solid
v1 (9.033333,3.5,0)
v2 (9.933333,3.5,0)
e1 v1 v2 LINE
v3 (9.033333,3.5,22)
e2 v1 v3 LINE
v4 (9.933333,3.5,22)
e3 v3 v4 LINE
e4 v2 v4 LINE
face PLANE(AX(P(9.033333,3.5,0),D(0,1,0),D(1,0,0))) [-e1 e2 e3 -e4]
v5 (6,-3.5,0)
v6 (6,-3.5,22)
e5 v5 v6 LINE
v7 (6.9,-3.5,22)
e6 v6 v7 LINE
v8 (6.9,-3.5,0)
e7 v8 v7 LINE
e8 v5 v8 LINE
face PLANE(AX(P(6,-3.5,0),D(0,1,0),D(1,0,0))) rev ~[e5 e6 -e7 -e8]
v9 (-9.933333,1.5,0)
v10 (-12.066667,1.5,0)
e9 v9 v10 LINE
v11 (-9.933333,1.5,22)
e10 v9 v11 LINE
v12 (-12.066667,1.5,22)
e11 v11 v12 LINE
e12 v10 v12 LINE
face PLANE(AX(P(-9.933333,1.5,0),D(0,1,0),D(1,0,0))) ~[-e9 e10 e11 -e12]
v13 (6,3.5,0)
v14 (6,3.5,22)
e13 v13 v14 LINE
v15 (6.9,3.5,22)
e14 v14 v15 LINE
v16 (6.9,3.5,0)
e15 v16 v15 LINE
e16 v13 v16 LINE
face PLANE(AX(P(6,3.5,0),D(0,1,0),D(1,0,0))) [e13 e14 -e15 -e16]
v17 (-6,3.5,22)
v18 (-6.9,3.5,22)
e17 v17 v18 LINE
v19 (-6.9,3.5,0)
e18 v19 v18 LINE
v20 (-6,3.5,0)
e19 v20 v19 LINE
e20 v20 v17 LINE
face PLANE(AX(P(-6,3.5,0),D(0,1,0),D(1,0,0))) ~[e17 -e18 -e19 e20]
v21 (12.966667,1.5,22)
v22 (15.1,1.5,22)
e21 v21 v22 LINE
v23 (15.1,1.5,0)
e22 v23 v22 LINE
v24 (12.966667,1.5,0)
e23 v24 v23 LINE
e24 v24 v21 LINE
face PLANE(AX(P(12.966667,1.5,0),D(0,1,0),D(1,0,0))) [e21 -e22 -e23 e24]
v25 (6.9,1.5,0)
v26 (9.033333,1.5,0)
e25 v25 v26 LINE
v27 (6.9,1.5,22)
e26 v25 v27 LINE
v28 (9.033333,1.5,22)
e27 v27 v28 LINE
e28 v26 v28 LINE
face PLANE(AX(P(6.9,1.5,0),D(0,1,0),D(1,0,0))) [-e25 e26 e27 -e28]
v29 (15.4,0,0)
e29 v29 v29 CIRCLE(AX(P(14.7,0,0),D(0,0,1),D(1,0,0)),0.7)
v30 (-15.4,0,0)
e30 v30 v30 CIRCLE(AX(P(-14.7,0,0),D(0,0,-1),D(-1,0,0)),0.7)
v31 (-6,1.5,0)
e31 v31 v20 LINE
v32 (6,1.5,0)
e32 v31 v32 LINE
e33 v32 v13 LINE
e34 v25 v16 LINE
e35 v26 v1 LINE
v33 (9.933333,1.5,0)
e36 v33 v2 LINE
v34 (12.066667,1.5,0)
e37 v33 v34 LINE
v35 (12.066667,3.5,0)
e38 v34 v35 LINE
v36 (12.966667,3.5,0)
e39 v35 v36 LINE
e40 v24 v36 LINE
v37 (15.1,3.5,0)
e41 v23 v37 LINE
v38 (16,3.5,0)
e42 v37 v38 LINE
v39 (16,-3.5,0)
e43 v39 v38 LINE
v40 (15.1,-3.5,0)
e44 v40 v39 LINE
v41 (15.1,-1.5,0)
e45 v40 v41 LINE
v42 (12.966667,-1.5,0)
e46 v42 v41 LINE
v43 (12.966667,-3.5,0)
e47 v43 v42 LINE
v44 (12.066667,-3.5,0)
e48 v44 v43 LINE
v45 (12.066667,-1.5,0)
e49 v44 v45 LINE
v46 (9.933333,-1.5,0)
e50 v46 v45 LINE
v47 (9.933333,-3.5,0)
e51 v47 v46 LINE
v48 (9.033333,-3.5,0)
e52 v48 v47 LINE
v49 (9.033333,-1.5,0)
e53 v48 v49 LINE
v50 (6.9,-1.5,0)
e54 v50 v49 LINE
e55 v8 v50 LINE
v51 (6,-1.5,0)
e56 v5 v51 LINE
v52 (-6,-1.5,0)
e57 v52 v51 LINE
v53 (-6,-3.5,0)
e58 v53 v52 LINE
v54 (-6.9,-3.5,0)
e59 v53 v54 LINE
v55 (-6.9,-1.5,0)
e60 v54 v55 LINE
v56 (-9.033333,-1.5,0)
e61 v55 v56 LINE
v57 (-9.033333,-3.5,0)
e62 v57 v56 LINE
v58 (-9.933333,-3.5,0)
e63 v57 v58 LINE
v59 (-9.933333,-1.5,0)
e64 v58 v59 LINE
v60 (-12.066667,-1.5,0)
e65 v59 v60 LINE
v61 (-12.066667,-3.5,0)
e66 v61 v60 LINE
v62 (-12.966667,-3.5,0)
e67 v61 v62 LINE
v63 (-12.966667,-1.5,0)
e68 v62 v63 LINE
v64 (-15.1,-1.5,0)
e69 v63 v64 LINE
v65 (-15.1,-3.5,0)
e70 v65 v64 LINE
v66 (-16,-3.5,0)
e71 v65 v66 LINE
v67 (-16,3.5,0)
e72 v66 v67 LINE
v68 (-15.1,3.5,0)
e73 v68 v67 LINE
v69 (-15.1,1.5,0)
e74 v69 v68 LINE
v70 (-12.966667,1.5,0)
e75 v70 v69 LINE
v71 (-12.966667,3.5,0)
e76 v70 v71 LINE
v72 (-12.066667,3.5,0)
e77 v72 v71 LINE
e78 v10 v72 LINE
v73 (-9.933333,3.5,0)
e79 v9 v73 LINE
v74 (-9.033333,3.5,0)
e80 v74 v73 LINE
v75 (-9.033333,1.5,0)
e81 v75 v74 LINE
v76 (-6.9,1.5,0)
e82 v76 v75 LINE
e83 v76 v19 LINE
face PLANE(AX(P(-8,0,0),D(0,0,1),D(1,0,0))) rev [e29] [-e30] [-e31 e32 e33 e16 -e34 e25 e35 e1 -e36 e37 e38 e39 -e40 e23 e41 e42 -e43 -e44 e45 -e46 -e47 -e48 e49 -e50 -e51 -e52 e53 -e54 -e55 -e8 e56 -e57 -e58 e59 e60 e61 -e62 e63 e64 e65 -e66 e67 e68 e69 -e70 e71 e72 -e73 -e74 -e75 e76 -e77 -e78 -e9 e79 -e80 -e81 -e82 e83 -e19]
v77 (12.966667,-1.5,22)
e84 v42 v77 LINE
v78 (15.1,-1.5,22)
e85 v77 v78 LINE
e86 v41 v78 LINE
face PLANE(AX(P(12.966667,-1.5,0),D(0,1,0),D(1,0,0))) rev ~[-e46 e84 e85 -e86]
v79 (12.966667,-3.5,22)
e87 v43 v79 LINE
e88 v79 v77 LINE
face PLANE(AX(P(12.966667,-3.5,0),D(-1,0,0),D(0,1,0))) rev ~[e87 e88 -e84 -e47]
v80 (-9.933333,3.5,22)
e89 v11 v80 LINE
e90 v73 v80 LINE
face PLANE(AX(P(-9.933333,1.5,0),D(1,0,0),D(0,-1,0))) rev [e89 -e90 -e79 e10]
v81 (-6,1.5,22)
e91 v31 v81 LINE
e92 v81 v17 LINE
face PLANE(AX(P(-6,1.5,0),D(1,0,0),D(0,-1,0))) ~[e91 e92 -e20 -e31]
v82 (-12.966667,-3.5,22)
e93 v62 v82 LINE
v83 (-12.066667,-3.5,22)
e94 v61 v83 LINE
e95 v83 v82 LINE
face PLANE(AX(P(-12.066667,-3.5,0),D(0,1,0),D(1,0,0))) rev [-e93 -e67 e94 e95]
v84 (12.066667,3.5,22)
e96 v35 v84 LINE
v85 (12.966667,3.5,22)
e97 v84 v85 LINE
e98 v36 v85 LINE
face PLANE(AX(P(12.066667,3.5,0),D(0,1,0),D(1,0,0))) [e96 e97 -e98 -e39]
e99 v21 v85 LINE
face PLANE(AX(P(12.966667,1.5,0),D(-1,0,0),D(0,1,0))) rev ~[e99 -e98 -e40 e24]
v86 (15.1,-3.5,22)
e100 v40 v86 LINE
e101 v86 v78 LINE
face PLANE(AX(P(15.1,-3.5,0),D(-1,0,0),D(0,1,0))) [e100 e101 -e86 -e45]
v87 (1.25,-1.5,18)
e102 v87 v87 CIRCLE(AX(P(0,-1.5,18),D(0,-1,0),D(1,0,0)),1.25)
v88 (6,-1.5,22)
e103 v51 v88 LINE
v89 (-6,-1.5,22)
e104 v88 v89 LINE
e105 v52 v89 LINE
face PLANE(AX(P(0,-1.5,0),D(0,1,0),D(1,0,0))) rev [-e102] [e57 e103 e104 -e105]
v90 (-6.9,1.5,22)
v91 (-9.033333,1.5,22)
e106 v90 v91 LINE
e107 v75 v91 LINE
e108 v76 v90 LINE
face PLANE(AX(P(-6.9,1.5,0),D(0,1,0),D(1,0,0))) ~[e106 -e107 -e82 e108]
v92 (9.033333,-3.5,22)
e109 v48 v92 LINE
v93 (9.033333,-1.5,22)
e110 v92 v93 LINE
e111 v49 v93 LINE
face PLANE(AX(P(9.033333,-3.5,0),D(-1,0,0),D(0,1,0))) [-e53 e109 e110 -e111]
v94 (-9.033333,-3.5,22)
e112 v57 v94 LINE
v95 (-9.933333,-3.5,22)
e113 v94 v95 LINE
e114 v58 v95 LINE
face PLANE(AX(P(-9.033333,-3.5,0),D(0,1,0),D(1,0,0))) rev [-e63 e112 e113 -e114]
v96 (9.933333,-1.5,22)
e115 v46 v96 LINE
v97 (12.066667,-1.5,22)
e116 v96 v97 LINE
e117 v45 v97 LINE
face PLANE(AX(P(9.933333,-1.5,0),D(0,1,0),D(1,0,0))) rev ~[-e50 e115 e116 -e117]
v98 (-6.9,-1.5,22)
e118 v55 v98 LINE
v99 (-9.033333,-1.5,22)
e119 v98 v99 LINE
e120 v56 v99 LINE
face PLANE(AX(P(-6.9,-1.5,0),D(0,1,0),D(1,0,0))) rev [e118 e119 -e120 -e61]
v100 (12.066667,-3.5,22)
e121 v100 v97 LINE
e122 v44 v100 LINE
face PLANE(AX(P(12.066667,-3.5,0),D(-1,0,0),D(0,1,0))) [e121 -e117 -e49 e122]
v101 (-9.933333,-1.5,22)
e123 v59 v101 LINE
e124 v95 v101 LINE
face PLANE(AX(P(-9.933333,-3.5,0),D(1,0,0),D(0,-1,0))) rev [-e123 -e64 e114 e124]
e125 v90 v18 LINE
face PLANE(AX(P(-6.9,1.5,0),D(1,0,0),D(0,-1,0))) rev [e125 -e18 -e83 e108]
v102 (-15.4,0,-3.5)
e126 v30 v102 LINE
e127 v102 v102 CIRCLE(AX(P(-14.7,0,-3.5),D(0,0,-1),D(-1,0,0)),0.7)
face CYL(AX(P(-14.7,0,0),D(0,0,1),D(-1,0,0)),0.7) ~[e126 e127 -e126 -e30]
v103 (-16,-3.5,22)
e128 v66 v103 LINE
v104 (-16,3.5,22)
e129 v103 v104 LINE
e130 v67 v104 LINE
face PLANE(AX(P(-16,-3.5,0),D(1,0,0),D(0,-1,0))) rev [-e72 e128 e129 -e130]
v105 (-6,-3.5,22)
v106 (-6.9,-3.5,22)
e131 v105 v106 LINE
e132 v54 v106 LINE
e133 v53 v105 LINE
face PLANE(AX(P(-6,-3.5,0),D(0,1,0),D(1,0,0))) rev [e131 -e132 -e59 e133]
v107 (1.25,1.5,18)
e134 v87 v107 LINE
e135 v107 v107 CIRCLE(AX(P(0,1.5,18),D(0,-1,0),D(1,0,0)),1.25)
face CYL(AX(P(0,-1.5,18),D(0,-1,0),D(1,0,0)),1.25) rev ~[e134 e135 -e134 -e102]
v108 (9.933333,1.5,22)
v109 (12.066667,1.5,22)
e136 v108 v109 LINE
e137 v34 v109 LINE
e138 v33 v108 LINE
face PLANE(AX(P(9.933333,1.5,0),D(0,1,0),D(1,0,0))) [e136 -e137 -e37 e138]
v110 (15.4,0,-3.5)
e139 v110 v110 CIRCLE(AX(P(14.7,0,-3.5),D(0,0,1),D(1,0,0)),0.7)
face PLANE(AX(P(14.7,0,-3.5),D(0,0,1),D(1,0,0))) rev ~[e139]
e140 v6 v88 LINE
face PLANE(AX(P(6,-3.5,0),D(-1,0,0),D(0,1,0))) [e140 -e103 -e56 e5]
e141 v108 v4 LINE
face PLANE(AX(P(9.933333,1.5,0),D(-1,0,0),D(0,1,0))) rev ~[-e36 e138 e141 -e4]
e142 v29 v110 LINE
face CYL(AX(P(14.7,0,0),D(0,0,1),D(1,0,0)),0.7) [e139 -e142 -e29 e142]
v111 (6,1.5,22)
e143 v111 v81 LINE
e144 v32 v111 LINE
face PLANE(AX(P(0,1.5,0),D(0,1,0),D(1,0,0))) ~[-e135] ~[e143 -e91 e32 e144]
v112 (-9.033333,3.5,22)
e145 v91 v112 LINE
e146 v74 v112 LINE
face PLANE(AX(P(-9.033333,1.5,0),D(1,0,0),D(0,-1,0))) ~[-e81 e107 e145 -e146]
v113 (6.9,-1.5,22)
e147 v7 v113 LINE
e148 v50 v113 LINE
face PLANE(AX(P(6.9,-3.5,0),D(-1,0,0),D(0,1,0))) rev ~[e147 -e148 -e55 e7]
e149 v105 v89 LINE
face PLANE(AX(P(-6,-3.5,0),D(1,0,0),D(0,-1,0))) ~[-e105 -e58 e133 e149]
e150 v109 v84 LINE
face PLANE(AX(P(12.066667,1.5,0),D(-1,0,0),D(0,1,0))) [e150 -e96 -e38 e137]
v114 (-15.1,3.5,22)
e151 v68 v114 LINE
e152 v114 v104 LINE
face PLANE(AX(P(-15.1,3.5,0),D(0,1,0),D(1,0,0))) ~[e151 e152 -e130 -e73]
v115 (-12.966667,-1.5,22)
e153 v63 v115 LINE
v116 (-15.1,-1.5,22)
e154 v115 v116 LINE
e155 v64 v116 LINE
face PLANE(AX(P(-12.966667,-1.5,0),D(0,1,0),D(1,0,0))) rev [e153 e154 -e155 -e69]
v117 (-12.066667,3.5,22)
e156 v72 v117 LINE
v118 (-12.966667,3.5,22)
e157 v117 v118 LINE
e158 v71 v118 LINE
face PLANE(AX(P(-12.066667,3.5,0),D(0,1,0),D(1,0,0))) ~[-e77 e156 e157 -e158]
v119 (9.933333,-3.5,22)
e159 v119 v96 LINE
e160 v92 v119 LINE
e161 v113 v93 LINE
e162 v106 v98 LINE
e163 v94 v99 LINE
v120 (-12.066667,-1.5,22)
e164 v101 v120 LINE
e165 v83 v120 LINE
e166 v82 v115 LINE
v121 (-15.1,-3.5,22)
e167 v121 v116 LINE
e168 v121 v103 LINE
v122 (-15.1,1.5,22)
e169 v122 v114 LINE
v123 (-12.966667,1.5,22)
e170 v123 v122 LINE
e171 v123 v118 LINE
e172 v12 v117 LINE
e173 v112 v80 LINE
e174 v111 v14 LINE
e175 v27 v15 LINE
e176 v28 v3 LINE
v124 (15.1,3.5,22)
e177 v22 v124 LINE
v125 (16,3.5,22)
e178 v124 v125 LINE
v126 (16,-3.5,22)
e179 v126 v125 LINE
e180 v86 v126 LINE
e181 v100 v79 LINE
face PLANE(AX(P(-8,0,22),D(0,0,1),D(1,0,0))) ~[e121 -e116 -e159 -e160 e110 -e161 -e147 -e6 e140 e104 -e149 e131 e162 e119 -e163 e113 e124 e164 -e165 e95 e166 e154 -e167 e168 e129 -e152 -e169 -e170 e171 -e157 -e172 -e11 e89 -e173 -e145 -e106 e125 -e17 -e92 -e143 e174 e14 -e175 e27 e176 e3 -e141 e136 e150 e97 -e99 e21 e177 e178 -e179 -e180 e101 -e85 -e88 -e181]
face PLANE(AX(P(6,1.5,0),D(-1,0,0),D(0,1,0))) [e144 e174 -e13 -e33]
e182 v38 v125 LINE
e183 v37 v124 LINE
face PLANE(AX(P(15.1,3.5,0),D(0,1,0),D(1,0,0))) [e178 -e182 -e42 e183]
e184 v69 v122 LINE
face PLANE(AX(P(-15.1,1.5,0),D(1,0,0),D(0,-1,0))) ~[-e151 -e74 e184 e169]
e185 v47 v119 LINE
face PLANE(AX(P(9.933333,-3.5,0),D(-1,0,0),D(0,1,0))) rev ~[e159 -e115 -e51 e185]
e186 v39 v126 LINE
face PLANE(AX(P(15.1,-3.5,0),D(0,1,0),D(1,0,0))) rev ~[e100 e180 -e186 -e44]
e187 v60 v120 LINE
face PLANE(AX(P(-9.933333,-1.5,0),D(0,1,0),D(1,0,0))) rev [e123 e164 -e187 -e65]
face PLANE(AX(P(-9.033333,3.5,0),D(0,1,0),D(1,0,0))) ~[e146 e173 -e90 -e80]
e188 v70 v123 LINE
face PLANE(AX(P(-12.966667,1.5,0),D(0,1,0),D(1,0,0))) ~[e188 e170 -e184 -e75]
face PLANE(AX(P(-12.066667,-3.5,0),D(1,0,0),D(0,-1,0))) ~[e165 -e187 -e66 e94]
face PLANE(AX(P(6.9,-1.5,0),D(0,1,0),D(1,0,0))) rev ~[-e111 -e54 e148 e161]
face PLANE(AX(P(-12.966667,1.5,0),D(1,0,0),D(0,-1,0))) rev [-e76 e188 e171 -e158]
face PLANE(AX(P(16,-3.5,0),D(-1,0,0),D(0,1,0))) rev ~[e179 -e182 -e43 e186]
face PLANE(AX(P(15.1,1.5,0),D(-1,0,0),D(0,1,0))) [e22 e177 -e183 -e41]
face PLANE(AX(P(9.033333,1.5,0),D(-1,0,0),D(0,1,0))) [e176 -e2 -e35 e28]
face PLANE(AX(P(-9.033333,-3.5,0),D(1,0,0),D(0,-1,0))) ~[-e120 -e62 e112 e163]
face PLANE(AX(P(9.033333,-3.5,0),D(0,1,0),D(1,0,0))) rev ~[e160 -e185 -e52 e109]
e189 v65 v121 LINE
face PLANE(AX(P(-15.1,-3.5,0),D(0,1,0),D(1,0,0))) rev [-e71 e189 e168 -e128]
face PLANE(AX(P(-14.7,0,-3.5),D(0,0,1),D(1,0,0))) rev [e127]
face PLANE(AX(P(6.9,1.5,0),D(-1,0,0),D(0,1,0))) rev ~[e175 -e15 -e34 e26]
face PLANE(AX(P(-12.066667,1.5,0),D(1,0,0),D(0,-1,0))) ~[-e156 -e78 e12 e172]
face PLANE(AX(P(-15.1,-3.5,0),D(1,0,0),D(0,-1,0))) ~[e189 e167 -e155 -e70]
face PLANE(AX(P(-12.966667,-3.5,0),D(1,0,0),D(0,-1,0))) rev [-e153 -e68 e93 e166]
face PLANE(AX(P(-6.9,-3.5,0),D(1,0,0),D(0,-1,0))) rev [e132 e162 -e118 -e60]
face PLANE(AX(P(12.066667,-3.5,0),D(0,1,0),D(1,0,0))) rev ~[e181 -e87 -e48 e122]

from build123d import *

# Parameters (mm, degrees)
SKETCH001_W   = 16
SKETCH001_H   = 3
SKETCH001_W_2 = 0.9
SKETCH001_H_2 = 7
PAD_DEPTH     = 22
SKETCH_R      = 0.7
PAD001_DEPTH  = 3.5
SKETCH002_R   = 1.25
HOLE_DEPTH    = 5.001


with BuildPart() as body001:
    # Sketch001 → Pad (new body)
    with BuildSketch(Plane.XY):
        with Locations((8, 0)):
            Rectangle(SKETCH001_W, SKETCH001_H)
        with Locations((15.55, 0)):
            Rectangle(SKETCH001_W_2, SKETCH001_H_2)
        with Locations((12.516667, 0)):
            Rectangle(SKETCH001_W_2, SKETCH001_H_2)
        with Locations((6.45, 0)):
            Rectangle(SKETCH001_W_2, SKETCH001_H_2)
        with Locations((9.483333, 0)):
            Rectangle(SKETCH001_W_2, SKETCH001_H_2)
    extrude(amount=PAD_DEPTH)


with BuildPart() as pin:
    # Sketch → Pad001 (new body)
    with BuildSketch(Plane.XY):
        with Locations((14.7, 0)):
            Circle(SKETCH_R)
    extrude(amount=-PAD001_DEPTH)

    # Boolean: union Body001
    add(body001.part)

    # Mirrored: Pin across YZ


with BuildPart() as pin_1:
    add(pin.part)
    add(pin.part.mirror(Plane.YZ))

    # Sketch002 (on Face65 of Mirrored) → Hole (cut, through all)
    with BuildSketch(Plane.XZ.offset(1.5)):
        with Locations((0, 18)):
            Circle(SKETCH002_R)
    extrude(amount=-HOLE_DEPTH, mode=Mode.SUBTRACT)


solid = pin_1.part
